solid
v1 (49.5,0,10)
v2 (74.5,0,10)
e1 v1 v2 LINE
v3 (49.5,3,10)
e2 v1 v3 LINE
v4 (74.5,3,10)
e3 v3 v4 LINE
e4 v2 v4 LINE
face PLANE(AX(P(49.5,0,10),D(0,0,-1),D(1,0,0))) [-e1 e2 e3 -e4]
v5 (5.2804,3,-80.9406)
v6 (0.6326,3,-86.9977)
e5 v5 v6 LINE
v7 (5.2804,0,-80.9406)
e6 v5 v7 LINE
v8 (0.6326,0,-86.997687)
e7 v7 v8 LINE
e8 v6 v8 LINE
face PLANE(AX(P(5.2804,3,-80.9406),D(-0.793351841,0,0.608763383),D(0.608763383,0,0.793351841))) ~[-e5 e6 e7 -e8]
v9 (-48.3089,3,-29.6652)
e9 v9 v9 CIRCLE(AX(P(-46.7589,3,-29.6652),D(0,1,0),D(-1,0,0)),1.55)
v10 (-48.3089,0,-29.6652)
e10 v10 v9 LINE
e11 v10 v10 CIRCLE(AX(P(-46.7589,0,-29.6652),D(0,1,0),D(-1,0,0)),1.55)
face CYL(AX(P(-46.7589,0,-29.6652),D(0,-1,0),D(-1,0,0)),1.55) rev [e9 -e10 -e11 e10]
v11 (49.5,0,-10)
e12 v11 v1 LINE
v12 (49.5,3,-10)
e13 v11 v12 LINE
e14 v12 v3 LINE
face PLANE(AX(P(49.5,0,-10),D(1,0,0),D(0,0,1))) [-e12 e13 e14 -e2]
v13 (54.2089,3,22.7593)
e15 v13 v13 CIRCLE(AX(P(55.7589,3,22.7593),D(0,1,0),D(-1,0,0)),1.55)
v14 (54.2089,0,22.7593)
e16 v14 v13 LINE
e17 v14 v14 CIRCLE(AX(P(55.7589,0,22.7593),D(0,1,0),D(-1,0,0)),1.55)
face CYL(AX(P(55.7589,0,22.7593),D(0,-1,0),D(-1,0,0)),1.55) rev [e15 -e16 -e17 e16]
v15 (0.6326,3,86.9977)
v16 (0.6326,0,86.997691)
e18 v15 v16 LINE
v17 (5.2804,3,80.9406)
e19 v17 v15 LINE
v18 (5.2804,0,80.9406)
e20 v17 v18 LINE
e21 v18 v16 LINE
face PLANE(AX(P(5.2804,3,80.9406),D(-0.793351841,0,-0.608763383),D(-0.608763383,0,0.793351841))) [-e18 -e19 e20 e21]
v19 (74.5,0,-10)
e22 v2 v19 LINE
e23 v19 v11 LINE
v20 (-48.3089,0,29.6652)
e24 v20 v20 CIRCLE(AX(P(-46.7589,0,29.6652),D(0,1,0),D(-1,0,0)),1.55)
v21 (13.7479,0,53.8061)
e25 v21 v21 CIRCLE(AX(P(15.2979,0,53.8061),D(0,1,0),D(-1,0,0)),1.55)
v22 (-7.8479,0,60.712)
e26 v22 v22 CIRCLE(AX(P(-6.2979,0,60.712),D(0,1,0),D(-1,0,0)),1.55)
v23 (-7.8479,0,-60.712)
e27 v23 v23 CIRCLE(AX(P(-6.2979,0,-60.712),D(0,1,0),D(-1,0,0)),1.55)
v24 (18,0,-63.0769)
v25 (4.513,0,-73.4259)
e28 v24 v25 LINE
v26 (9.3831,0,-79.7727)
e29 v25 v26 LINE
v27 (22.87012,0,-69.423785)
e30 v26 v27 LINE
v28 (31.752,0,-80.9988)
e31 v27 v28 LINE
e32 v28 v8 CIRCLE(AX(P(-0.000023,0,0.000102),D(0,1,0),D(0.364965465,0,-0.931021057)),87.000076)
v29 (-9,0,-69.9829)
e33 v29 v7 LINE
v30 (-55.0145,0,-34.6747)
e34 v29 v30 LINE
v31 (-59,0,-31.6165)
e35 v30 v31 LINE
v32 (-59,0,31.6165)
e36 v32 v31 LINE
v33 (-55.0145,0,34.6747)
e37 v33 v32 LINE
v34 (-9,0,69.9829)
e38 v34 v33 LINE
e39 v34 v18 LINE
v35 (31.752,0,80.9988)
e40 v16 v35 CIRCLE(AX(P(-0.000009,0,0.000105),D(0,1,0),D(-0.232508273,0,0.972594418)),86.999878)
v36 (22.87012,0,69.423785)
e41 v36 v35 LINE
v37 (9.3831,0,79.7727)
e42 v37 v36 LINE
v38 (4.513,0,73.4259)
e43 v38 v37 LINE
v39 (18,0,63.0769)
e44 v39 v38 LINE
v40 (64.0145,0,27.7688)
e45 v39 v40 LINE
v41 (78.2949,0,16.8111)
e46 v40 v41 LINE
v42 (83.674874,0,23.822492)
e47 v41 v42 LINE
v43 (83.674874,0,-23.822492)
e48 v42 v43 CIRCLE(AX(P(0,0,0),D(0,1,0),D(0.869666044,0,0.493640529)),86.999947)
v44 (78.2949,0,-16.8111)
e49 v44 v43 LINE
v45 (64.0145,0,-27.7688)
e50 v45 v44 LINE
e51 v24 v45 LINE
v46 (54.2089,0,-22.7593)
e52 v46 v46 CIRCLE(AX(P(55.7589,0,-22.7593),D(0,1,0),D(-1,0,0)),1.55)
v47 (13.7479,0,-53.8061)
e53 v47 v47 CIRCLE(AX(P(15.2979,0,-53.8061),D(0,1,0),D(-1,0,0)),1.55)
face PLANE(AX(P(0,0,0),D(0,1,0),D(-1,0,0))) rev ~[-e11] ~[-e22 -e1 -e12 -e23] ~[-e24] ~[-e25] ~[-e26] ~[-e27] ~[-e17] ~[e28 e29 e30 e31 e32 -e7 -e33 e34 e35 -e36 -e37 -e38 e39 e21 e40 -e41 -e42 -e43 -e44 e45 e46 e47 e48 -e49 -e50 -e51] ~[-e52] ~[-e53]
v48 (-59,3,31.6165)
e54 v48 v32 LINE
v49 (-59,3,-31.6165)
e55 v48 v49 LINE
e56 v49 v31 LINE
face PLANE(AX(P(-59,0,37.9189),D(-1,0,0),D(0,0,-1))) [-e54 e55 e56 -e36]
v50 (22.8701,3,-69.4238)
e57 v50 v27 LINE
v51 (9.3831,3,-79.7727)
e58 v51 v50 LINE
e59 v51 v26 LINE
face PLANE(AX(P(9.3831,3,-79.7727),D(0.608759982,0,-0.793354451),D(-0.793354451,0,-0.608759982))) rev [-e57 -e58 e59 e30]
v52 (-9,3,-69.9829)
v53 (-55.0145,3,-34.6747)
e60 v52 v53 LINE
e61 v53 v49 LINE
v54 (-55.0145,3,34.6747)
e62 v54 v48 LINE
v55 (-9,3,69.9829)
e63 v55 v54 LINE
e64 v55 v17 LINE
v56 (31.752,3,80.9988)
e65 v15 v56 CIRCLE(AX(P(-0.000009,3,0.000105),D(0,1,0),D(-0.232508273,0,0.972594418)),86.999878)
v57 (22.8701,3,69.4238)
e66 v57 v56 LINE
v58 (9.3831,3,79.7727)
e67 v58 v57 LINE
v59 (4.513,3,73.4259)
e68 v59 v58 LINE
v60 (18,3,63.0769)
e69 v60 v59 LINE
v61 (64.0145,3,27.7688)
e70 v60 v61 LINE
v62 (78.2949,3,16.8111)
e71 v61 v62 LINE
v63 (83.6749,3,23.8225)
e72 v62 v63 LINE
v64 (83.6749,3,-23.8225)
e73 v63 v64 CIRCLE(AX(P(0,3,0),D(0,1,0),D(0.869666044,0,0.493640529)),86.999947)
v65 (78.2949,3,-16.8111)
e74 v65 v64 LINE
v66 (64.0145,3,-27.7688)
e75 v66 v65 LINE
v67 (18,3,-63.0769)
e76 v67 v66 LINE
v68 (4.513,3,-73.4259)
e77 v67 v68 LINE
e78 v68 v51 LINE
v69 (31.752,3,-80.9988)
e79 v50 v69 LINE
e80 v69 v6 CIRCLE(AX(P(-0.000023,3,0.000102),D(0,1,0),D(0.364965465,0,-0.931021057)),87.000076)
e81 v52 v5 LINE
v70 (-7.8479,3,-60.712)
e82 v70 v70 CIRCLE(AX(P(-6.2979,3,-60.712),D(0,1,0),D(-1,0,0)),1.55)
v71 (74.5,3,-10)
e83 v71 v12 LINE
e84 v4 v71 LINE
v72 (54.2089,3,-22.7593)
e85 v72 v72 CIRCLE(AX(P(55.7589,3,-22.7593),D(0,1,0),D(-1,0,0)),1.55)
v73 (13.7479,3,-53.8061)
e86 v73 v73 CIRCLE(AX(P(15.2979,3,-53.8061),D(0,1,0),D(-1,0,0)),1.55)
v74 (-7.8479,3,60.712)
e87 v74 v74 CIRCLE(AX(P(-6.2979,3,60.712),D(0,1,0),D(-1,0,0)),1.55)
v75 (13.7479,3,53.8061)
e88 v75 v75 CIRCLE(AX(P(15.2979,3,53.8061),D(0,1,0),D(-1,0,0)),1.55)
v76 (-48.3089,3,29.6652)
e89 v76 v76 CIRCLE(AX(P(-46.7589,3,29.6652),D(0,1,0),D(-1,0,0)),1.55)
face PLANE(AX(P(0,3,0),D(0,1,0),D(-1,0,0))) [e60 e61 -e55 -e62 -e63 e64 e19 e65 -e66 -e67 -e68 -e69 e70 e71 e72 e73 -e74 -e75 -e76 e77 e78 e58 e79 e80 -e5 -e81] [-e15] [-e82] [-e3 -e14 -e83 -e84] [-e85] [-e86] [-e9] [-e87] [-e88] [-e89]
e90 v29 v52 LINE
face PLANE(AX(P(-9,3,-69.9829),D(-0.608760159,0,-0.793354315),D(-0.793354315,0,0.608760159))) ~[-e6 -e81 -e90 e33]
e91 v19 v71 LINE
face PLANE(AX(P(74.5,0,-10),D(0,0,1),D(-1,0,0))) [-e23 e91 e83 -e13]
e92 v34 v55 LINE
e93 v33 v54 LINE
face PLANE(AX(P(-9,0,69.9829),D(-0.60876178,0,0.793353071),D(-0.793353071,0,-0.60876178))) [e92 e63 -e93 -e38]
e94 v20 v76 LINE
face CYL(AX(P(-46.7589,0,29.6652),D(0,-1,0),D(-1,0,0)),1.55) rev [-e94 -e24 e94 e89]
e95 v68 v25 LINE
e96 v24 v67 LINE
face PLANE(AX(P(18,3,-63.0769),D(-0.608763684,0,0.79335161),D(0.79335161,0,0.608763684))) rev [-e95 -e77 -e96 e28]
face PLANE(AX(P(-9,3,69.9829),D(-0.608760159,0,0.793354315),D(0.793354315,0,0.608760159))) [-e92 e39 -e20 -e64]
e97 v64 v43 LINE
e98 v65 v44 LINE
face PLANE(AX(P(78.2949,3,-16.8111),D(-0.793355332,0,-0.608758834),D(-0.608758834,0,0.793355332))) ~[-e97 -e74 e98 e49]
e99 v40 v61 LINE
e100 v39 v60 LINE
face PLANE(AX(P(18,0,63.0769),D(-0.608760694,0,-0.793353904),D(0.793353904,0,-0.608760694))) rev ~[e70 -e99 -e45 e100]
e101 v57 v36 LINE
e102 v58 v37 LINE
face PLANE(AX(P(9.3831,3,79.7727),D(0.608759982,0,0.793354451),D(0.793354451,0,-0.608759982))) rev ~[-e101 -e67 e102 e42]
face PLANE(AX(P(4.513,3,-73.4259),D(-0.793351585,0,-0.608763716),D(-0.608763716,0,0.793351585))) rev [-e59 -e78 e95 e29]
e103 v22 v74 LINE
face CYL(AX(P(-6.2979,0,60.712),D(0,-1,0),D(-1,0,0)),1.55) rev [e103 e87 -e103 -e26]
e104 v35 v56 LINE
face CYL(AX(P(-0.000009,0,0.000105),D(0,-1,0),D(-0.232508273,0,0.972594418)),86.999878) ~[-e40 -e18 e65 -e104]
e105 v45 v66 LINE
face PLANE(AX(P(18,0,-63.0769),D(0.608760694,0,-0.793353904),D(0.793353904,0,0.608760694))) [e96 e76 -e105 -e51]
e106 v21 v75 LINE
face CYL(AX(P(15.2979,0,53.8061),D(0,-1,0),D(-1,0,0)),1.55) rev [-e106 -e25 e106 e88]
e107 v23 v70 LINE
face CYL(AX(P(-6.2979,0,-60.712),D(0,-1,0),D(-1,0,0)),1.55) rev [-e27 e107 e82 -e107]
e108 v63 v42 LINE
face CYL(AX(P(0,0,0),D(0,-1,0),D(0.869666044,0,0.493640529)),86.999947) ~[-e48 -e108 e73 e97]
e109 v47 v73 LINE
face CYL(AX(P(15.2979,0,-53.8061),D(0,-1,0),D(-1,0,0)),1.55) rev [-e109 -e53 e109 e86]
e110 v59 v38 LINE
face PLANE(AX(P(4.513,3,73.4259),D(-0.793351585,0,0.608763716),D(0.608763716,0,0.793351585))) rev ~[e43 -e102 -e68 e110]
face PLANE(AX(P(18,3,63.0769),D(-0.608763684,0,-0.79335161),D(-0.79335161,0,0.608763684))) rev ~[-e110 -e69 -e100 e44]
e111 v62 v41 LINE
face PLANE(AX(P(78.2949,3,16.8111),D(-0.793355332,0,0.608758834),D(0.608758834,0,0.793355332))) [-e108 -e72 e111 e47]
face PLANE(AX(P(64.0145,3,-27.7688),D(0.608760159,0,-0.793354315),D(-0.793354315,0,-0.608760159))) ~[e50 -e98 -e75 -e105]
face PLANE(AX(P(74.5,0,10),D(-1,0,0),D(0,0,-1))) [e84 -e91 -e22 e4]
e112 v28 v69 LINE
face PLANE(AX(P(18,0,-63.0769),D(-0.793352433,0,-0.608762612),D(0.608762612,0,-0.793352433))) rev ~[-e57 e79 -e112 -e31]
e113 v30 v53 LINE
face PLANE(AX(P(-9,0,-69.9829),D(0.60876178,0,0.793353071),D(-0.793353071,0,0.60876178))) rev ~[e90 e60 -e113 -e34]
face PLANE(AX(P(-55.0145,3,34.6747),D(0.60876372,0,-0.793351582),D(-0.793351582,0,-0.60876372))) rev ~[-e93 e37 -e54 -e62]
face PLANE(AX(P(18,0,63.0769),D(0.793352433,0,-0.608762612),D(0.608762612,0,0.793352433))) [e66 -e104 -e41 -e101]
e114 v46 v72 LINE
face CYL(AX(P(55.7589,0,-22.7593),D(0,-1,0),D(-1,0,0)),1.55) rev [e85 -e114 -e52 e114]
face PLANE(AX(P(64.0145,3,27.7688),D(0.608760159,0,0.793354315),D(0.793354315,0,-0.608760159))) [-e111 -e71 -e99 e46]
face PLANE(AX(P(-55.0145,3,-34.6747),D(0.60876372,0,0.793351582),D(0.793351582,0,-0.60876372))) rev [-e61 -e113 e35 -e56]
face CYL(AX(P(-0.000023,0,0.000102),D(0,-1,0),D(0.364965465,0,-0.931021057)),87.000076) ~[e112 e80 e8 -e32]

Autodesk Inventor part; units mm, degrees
ref_plane "YZ Plane" through (0, 0, 0) normal (1, 0, 0) x (0, 1, 0)
ref_plane "XZ Plane" through (0, 0, 0) normal (0, 1, 0) x (-1, 0, 0)
ref_plane "XY Plane" through (0, 0, 0) normal (0, 0, 1) x (1, 0, 0)
sketch "Boceto1" plane through (0, 0, 0) normal (0, 1, 0) x (-1, 0, 0)
  line L0 (0, 0) -> (0, -87) construction
  line L1 (0, 0) -> (0, 83.8978) construction
  line L2 (0, 0) -> (-87, 0) construction
  line L3 (0, 0) -> (59, 0) construction
  line L4 (-74.5, -10) -> (-49.5, -10)
  line L5 (-49.5, -10) -> (-49.5, 10)
  line L6 (-49.5, 10) -> (-74.5, 10)
  line L7 (-74.5, 10) -> (-74.5, -10)
  line L8 (-74.5, -10) -> (-49.5, 10) construction
  line L9 (-49.5, -10) -> (-74.5, 10) construction
  line L10 (-18, 63.0769) -> (-64.0145, 27.7688)
  line L11 (9, 69.9829) -> (55.0145, 34.6747)
  line L12 (9, 69.9829) -> (20.2282, 84.6157)
  line L13 (-18, 63.0769) -> (-31.752, 80.9988)
  line L14 (-64.0145, 27.7688) -> (-75.6609, 42.9467)
  line L15 (-18, -63.0769) -> (-64.0145, -27.7688)
  line L16 (9, -69.9829) -> (55.0145, -34.6747)
  line L17 (9, -69.9829) -> (20.2282, -84.6157)
  line L18 (-18, -63.0769) -> (-31.752, -80.9988)
  line L19 (-64.0145, -27.7688) -> (-75.6609, -42.9467)
  arc A0 (-75.6609, 42.9467) -> (-75.6609, -42.9467) centre (0, 0) ccw
  arc A1 (20.2282, 84.6157) -> (-31.752, 80.9988) centre (0, 0) ccw
  arc A2 (-31.752, -80.9988) -> (20.2282, -84.6157) centre (0, 0) ccw
  line L20 (59, 37.9189) -> (59, -37.9189)
  line L21 (58.0583, 38.6415) -> (59, 37.9189)
  line L22 (55.0145, 34.6747) -> (58.0583, 38.6415)
  line L23 (58.0583, -38.6415) -> (59, -37.9189)
  line L24 (55.0145, -34.6747) -> (58.0583, -38.6415)
  circle A3 centre (-15.2979, 53.8061) radius 1.55
  circle A4 centre (-55.7589, 22.7593) radius 1.55
  line L25 (-41.0072, 45.4229) -> (-35.5284, 38.2827) construction
  line L26 (-15.2979, 53.8061) -> (-55.7589, 22.7593) construction
  line L27 (32.0072, 52.3288) -> (22.9685, 40.5493) construction
  circle A5 centre (6.2979, 60.712) radius 1.55
  circle A6 centre (46.7589, 29.6652) radius 1.55
  circle A7 centre (-15.2979, -53.8061) radius 1.55
  circle A8 centre (-55.7589, -22.7593) radius 1.55
  circle A9 centre (6.2979, -60.712) radius 1.55
  circle A10 centre (46.7589, -29.6652) radius 1.55
  line L28 (46.7589, 29.6652) -> (6.2979, 60.712) construction
  point P0 (-62, 0)
  point P1 (-74.5, 0)
  point P2 (26.5284, 45.1886)
  dimension "d1" = 25
  dimension "d2" = 20
  dimension "d9" = 52.5
  dimension "d10" = 52.5
  dimension "d11" = 61
  dimension "d12" = 61
  dimension "d13" = 58
  dimension "d17" = 90
  dimension "d18" = 9
  dimension "d19" = 18
  dimension "d20" = 58
  dimension "d21" = 90
  dimension "d22" = 90
  dimension "d23" = 87
  dimension "d24" = 87
  dimension "d26" = 59
  dimension "d27" = 5
  dimension "d28" = 5
  dimension "d29" = 3.1
  dimension "d30" = 3.1
  dimension "d31" = 51
  dimension "d32" = 9
  dimension "d37" = 90
  dimension "d38" = 3.1
  dimension "d39" = 3.1
  dimension "d40" = 51
  dimension "d41" = 9
  dimension "d54" = 62
extrude "Extrusión1" add sketch "Boceto1" along normal blind 3
sketch "Boceto5" plane through (0, 3, 0) normal (0, 1, 0) x (1, 0, 0)
  arc A0 (75.6609, 42.9467) -> (75.6609, -42.9467) centre (0, 0) ccw construction
  line L0 (87, 0) -> (-107.1861, 0) construction
  line L1 (-9, -69.9829) -> (-55.0145, -34.6747) projected
  line L2 (-9, -69.9829) -> (5.2804, -80.9406)
  line L3 (5.2804, -80.9406) -> (0.6326, -86.9977)
  arc A1 (31.752, -80.9988) -> (-20.2282, -84.6157) centre (0, 0) ccw projected
  line L4 (18, -63.0769) -> (31.752, -80.9988) projected
  line L5 (18, -63.0769) -> (4.513, -73.4259)
  line L6 (4.513, -73.4259) -> (9.3831, -79.7727)
  line L7 (9.3831, -79.7727) -> (22.8701, -69.4238)
  line L8 (-55.0145, -34.6747) -> (-59, -31.6165)
  line L9 (-59, -37.9189) -> (-59, 37.9189) projected
  arc A2 (-20.2282, -84.6157) -> (31.752, -80.9988) centre (0, 0) ccw projected
  line L10 (18, -63.0769) -> (31.752, -80.9988) projected
  line L11 (64.0145, -27.7688) -> (18, -63.0769) projected
  line L12 (75.6609, -42.9467) -> (64.0145, -27.7688) projected
  arc A3 (75.6609, -42.9467) -> (75.6609, 42.9467) centre (0, 0) ccw projected
  line L13 (64.0145, 27.7688) -> (75.6609, 42.9467) projected
  line L14 (18, 63.0769) -> (64.0145, 27.7688) projected
  line L15 (31.752, 80.9988) -> (18, 63.0769) projected
  arc A4 (31.752, 80.9988) -> (-20.2282, 84.6157) centre (0, 0) ccw projected
  line L16 (-9, 69.9829) -> (-20.2282, 84.6157) projected
  line L17 (-55.0145, 34.6747) -> (-9, 69.9829) projected
  line L18 (-58.0583, 38.6415) -> (-55.0145, 34.6747) projected
  line L19 (-59, 37.9189) -> (-58.0583, 38.6415) projected
  line L20 (-59, -37.9189) -> (-59, 37.9189) projected
  line L21 (-58.0583, -38.6415) -> (-59, -37.9189) projected
  line L22 (-55.0145, -34.6747) -> (-58.0583, -38.6415) projected
  line L23 (-9, -69.9829) -> (-55.0145, -34.6747) projected
  line L24 (-20.2282, -84.6157) -> (-9, -69.9829) projected
  circle A5 centre (-46.7589, 29.6652) radius 1.55 projected
  circle A6 centre (-6.2979, 60.712) radius 1.55 projected
  circle A7 centre (15.2979, 53.8061) radius 1.55 projected
  circle A8 centre (55.7589, 22.7593) radius 1.55 projected
  circle A9 centre (-46.7589, -29.6652) radius 1.55 projected
  circle A10 centre (-6.2979, -60.712) radius 1.55 projected
  circle A11 centre (55.7589, -22.7593) radius 1.55 projected
  circle A12 centre (15.2979, -53.8061) radius 1.55 projected
  line L25 (74.5, -10) -> (74.5, 10) projected
  line L26 (49.5, -10) -> (74.5, -10) projected
  line L27 (49.5, 10) -> (49.5, -10) projected
  line L28 (74.5, 10) -> (49.5, 10) projected
  line L29 (64.0145, -27.7688) -> (18, -63.0769) projected
  line L30 (64.0145, -27.7688) -> (78.2949, -16.8111)
  line L31 (78.2949, -16.8111) -> (83.6749, -23.8225)
  point P0 (-55.0145, -34.6747)
  point P1 (-9, -69.9829)
  point P2 (-20.2282, -84.6157)
  point P3 (-20.2282, 84.6157)
  point P4 (31.752, -80.9988)
  point P5 (75.6609, 42.9467)
  point P6 (-20.2282, -84.6157)
  dimension "d66" = 18
  dimension "d67" = 17
  dimension "d68" = 8
  dimension "d69" = 18
extrude "Extrusión3" cut sketch "Boceto5" against normal blind 10 contours L24 A1 L16 L17 L18 L19 L9 L21 L22 L1 | L2 L3 A2 L24 | L22 L21 L9 L8 | L4 L11 L12 A1 | A1 L13 L14 L15 | L12 L30 L31 A1 | L7 L6 L5 L4
mirror "Simetría1" about plane through (0, 0, 0) normal (0, 0, 1) of "Extrusión3"
ref_plane "Plano de trabajo1" through (0, 0, 0) normal (0, 0, 1) x (1, 0, 0)
properties part number "newbaseeditado"
